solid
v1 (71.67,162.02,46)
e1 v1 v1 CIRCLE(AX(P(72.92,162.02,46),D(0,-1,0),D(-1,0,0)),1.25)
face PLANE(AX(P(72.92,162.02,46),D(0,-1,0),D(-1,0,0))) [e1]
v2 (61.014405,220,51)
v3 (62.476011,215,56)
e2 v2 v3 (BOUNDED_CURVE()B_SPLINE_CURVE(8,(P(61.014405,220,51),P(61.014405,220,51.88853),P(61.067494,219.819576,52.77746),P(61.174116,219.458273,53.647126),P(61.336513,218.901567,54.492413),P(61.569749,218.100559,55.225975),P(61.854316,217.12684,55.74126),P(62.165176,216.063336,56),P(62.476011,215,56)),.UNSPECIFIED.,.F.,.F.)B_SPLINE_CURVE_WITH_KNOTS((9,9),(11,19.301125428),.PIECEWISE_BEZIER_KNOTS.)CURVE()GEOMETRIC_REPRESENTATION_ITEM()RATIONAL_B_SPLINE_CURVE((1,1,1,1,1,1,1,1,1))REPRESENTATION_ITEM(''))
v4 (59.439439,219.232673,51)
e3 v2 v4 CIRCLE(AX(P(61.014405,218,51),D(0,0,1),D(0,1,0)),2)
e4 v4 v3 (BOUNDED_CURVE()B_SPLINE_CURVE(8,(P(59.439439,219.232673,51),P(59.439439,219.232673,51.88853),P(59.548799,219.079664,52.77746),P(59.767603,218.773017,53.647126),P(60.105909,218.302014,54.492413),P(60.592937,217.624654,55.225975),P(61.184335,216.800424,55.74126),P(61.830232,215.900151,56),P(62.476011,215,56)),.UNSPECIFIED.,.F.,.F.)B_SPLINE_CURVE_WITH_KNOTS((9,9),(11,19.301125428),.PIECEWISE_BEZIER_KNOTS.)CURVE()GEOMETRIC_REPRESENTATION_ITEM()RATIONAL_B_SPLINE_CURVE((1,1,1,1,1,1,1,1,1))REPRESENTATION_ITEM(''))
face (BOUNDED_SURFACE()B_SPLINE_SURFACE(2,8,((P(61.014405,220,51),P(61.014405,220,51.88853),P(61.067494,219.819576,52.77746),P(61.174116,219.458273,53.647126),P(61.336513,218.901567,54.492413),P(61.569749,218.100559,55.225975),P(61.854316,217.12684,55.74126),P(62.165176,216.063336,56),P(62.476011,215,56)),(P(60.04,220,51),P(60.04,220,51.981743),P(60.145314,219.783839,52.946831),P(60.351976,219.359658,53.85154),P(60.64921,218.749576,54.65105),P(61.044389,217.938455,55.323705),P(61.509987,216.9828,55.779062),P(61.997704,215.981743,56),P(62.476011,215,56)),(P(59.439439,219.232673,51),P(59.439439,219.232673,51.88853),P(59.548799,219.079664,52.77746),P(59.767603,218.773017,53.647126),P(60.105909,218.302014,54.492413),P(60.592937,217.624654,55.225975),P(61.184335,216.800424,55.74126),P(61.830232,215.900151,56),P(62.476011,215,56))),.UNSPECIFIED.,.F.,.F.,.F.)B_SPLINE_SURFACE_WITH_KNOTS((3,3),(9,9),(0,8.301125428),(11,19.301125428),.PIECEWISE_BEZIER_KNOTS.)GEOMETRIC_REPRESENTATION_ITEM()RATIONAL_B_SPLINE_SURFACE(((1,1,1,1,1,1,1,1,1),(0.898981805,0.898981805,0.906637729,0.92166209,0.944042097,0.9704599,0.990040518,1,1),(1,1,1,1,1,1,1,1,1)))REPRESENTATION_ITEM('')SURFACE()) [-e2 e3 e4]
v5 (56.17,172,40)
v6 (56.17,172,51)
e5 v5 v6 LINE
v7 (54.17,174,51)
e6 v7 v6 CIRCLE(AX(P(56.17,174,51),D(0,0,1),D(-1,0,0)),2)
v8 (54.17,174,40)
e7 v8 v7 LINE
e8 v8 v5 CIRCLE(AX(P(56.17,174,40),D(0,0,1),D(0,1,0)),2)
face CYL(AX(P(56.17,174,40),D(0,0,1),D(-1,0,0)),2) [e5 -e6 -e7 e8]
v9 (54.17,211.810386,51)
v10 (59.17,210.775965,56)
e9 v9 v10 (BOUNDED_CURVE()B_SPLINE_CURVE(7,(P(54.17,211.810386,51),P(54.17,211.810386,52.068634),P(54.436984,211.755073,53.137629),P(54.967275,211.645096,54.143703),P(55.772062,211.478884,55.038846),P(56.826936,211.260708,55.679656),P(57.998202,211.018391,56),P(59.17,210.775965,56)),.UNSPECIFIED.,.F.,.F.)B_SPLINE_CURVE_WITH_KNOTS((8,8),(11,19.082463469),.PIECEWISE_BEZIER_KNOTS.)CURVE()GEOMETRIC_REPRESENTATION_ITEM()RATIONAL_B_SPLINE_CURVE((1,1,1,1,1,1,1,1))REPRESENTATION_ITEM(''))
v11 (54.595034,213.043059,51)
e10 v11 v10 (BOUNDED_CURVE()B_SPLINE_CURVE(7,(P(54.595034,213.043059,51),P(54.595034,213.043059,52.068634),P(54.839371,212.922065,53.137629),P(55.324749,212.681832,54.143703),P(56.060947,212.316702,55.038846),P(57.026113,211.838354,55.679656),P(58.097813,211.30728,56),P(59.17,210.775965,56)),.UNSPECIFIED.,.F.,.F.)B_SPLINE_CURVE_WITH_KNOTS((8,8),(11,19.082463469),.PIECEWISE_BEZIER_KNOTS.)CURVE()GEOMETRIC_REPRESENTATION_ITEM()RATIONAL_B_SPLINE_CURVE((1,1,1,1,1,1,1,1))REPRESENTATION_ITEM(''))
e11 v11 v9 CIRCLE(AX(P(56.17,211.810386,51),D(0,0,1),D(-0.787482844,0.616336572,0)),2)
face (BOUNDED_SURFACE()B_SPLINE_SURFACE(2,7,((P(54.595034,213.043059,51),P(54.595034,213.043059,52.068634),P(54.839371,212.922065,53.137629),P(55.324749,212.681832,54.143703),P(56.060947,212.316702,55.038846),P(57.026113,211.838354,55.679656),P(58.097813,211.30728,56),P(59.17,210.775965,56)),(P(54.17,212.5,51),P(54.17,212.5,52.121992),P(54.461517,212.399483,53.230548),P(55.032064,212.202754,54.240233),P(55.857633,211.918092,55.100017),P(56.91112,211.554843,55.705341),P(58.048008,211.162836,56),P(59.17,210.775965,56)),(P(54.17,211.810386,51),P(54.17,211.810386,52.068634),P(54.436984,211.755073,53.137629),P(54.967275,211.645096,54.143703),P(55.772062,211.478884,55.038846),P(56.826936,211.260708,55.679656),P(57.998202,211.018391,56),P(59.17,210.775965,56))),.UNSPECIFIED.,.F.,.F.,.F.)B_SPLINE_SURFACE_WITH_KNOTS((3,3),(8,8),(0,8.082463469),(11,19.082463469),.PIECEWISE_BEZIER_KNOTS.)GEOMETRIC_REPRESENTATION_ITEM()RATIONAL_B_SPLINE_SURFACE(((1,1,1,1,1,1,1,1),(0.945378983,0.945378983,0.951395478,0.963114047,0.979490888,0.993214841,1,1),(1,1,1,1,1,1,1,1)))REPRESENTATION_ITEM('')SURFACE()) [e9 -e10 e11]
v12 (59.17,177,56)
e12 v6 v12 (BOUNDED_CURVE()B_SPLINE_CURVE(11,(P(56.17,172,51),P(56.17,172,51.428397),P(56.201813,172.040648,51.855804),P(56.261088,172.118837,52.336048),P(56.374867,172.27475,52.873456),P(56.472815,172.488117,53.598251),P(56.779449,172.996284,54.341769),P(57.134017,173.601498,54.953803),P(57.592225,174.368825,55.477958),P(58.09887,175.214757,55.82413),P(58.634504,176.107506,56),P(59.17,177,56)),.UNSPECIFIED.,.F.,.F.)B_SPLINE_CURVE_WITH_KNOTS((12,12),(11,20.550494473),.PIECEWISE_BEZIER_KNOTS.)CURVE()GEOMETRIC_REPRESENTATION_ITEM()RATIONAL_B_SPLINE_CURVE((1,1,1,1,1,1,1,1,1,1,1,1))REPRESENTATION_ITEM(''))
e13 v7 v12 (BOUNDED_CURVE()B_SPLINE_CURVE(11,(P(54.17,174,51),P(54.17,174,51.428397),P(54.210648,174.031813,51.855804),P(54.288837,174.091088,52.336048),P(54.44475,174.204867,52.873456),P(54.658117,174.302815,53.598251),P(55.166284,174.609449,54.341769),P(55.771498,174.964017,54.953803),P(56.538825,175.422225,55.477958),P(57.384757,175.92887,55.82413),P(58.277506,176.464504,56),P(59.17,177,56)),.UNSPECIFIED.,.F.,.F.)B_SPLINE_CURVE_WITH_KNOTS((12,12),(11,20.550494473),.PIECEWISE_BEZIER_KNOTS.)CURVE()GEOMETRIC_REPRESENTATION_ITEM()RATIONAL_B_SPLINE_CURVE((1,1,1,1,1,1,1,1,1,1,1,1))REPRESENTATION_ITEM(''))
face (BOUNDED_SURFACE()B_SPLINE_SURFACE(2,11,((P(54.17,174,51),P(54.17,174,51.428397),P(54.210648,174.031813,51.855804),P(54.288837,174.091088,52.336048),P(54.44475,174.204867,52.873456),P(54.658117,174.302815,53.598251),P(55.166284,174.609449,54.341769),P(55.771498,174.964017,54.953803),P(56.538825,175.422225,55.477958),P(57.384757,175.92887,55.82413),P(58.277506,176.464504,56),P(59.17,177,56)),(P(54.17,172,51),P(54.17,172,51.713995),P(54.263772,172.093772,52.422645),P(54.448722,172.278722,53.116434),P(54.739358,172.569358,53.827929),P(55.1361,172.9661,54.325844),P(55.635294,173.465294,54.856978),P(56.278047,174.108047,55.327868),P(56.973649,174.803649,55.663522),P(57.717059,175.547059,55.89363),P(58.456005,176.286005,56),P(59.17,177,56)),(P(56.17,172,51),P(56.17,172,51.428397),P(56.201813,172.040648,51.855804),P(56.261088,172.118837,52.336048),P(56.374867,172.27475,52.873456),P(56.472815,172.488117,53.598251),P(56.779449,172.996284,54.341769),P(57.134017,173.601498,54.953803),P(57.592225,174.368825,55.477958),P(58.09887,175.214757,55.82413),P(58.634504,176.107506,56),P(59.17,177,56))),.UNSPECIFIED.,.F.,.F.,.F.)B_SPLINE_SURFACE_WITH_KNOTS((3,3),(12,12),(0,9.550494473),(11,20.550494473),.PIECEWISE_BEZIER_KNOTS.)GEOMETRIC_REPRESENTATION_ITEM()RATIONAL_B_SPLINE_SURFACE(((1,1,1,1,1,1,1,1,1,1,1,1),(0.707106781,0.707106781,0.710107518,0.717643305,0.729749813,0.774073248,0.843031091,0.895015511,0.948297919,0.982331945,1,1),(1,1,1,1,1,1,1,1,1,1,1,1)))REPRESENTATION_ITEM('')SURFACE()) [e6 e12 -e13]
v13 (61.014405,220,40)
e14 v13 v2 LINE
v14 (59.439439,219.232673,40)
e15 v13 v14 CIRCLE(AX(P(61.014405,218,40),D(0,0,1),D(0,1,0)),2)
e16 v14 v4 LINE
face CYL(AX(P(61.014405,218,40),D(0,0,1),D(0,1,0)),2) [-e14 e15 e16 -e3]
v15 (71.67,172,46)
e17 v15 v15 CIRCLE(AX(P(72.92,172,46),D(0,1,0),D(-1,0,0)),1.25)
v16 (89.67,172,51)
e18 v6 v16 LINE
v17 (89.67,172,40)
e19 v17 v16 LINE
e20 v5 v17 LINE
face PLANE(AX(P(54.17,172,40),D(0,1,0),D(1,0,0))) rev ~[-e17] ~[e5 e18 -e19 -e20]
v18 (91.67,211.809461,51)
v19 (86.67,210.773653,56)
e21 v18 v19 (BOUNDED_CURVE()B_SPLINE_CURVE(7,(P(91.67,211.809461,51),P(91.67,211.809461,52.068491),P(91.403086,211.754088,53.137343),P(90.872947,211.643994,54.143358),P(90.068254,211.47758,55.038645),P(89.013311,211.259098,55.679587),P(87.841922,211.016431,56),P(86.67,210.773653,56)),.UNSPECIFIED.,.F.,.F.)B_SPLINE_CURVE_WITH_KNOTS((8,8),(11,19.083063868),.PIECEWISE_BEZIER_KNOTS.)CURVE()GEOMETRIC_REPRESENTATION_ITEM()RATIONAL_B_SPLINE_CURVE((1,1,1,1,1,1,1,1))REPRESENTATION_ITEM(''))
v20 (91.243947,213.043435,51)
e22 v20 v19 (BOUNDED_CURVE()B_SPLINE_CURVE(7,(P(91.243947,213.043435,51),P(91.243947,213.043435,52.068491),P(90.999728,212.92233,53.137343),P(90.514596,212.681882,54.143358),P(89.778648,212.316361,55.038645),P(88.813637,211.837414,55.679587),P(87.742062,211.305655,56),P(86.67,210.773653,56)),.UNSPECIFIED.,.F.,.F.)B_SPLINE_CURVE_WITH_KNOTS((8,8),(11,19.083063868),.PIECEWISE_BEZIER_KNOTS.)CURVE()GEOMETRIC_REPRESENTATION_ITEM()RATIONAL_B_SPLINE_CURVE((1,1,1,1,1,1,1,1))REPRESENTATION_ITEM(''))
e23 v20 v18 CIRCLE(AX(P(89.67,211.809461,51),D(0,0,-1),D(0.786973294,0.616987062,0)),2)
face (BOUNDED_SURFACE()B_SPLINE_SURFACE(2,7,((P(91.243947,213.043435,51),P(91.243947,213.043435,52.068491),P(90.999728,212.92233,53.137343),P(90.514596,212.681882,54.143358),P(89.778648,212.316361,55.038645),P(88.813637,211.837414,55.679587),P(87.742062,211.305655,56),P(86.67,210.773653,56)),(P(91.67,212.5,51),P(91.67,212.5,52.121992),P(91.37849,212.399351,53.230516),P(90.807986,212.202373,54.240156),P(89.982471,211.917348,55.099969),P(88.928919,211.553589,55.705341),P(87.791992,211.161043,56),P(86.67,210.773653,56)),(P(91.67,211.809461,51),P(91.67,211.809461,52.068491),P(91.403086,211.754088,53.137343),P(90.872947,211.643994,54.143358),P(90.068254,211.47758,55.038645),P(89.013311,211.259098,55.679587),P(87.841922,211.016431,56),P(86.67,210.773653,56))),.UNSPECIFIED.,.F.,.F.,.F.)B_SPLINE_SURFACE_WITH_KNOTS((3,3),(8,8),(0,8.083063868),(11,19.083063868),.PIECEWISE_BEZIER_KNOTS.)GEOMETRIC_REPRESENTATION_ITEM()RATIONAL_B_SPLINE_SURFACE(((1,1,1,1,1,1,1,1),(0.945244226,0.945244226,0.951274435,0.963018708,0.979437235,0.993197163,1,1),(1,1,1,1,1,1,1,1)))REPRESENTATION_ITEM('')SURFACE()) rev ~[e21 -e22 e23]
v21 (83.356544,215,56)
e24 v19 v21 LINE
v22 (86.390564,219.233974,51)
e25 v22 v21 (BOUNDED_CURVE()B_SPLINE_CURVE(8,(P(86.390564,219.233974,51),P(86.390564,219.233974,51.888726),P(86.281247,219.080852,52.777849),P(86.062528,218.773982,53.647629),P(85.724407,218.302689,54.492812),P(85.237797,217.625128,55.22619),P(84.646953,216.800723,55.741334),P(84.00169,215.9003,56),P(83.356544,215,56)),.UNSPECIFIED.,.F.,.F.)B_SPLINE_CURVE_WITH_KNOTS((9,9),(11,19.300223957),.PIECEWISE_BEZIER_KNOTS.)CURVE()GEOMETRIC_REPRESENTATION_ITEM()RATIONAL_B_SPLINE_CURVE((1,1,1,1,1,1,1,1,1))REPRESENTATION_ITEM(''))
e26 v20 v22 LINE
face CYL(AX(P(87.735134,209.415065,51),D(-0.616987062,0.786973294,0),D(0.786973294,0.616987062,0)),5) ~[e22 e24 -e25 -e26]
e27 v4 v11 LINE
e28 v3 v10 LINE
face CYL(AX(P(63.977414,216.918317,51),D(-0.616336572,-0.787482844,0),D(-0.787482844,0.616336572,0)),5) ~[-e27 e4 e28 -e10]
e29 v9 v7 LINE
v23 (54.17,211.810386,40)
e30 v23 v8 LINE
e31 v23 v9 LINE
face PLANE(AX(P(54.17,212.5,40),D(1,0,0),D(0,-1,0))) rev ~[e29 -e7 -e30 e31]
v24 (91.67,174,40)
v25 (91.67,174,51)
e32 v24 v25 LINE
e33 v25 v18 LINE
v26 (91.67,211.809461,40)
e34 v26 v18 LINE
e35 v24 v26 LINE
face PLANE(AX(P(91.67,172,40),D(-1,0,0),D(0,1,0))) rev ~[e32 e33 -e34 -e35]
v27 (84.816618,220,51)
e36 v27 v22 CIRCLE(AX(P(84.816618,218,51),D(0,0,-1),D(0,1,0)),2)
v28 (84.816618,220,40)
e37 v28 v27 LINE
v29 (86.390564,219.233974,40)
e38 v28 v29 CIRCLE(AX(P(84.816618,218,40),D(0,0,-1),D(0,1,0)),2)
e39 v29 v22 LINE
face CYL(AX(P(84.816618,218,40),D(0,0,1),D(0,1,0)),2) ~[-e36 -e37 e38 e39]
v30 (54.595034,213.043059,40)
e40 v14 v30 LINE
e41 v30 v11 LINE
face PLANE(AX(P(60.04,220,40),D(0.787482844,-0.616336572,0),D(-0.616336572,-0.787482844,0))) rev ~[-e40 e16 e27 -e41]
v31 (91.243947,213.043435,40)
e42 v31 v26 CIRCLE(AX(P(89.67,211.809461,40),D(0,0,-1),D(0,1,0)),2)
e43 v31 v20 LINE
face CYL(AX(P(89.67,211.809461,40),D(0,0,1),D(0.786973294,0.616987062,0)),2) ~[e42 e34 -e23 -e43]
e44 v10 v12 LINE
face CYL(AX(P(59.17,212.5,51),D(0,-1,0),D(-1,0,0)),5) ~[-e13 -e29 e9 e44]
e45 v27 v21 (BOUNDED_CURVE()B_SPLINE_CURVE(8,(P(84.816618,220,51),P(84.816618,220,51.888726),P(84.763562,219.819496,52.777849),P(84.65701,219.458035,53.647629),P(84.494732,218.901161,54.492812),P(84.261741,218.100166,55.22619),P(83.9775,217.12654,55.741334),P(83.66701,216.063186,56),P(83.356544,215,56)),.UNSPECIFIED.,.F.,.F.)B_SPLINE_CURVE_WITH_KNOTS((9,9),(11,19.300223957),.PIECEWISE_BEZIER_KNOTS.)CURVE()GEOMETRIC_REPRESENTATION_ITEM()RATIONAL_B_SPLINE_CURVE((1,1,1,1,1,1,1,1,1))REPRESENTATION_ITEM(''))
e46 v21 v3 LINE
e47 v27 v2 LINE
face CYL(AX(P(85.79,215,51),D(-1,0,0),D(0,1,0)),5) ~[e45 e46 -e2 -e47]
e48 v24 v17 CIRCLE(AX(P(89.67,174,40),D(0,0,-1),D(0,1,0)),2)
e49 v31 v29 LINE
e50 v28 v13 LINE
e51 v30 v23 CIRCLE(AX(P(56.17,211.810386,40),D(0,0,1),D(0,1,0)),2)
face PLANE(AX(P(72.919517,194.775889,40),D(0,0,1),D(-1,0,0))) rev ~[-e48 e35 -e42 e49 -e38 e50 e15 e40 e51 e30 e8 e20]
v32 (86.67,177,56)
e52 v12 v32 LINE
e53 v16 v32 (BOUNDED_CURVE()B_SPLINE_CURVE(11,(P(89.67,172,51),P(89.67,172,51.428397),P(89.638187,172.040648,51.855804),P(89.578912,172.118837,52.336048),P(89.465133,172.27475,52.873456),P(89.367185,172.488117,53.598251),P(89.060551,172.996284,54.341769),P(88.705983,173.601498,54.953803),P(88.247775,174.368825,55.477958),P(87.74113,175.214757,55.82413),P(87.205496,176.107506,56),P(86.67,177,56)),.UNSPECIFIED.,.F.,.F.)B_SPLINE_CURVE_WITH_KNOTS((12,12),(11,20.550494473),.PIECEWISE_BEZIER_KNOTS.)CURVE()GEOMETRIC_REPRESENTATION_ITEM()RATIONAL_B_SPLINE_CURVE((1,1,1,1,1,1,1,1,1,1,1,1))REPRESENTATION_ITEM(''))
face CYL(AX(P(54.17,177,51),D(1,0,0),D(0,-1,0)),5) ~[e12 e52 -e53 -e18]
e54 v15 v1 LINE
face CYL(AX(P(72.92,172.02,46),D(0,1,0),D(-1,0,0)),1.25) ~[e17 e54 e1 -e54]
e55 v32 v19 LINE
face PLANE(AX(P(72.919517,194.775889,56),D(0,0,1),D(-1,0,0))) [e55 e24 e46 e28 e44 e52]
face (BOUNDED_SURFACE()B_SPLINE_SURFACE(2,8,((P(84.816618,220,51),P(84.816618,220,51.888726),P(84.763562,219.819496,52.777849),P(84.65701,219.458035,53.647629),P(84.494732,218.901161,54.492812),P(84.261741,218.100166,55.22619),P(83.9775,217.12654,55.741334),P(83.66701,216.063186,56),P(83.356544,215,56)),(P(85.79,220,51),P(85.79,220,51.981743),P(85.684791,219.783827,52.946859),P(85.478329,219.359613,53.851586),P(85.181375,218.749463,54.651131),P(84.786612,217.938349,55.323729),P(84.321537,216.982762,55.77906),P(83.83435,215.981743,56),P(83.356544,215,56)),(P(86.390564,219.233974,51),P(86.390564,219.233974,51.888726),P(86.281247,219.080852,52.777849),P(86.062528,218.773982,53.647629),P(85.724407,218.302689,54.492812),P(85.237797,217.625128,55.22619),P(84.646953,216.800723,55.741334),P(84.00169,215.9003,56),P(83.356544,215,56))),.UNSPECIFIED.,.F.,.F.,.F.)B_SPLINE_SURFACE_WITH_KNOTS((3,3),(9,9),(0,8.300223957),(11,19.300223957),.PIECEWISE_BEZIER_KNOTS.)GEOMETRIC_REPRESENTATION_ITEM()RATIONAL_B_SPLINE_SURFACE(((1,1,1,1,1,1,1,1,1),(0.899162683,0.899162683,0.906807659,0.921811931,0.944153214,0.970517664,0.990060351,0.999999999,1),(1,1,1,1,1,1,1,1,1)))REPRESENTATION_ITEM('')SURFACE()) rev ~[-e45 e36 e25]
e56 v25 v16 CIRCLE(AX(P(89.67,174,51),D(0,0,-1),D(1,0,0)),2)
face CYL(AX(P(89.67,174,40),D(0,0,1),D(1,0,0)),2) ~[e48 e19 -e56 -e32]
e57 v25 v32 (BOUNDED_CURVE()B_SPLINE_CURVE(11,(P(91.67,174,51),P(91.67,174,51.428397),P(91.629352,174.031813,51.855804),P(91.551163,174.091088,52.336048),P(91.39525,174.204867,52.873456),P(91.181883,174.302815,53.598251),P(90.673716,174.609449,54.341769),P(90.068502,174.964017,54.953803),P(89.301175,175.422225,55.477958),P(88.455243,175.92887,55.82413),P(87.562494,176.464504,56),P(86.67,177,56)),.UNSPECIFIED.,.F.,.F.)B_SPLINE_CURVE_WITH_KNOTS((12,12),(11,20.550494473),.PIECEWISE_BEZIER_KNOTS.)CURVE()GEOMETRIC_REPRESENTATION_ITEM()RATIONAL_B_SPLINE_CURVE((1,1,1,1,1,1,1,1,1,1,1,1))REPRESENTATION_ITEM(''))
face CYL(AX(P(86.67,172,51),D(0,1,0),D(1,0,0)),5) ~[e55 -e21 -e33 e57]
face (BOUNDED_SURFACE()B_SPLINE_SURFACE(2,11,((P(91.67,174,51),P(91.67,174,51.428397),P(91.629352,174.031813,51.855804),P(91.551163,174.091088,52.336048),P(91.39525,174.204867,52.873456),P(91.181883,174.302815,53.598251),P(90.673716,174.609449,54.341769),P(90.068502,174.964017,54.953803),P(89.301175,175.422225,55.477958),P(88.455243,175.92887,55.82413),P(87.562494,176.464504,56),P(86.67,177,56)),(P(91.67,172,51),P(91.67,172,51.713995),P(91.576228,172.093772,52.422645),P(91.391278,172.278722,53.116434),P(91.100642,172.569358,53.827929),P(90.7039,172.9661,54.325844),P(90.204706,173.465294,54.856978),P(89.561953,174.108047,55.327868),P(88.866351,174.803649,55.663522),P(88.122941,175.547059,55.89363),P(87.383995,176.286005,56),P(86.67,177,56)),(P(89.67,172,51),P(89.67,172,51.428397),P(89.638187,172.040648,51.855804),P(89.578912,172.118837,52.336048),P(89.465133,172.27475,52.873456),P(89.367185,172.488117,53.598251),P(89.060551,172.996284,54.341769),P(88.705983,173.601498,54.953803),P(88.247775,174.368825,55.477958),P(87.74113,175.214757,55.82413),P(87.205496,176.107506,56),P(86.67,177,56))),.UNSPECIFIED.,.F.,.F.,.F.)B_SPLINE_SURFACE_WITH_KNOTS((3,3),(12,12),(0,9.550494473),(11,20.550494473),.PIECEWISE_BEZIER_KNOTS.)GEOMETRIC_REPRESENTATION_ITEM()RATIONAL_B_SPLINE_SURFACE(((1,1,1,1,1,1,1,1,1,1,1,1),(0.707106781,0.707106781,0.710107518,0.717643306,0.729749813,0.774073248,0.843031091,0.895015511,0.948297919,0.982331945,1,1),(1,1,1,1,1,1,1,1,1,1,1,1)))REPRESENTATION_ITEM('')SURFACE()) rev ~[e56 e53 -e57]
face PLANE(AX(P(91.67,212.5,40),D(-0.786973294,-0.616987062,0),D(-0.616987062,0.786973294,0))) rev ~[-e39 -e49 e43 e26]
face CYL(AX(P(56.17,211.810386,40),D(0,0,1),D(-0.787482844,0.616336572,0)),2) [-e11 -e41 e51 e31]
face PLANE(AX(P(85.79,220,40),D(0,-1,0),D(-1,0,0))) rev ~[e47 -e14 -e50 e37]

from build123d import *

# Parameters (mm, degrees)
CYLINDER019_R             = 1.25
CYLINDER019_DEPTH         = 10
EXTRUDE002_DEPTH          = 16
FILLET_R                  = 5
FILLET001_R               = 2
FUSION001_PLACEMENT_ANGLE = 180


with BuildPart() as cylinder019:
    # Cylinder019 → Cylinder019 (new body)
    with BuildSketch(Plane(origin=(18.75, 47.98, 6), x_dir=(1, 0, 0), z_dir=(0, 1, 0))):
        Circle(CYLINDER019_R)
    extrude(amount=CYLINDER019_DEPTH)


with BuildPart() as gps002:
    # Sketch016 → Extrude002 (new body)
    with BuildSketch(Plane.XY):
        Polygon((5.88, 0), (31.63, 0), (37.5, 7.5), (37.5, 48), (0, 48), (0, 7.5), align=None)
    extrude(amount=EXTRUDE002_DEPTH)

    # Fillet
    fillet_edges = [gps002.edges().sort_by_distance(p)[0] for p in [
        (18.755, 0, 16),
        (34.565, 3.75, 16),
        (37.5, 27.75, 16),
        (18.75, 48, 16),
        (0, 27.75, 16),
        (2.94, 3.75, 16),
    ]]
    fillet(fillet_edges, radius=FILLET_R)

    # Fillet001
    fillet001_edges = [gps002.edges().sort_by_distance(p)[0] for p in [
        (5.88, 0, 5.5),
        (31.63, 0, 5.5),
        (0, 7.5, 5.5),
        (37.5, 7.5, 5.5),
        (0, 48, 5.5),
        (37.5, 48, 5.5),
    ]]
    fillet(fillet001_edges, radius=FILLET001_R)

    # Fusion001: union Cylinder019
    add(cylinder019.part)


with BuildPart() as gps002_1:
    # Fusion001 placement: moved
    add(gps002.part.moved(Location((91.67, 220, 40))).rotate(Axis((91.67, 220, 40), (0, 0, 1)), FUSION001_PLACEMENT_ANGLE))


solid = gps002_1.part
